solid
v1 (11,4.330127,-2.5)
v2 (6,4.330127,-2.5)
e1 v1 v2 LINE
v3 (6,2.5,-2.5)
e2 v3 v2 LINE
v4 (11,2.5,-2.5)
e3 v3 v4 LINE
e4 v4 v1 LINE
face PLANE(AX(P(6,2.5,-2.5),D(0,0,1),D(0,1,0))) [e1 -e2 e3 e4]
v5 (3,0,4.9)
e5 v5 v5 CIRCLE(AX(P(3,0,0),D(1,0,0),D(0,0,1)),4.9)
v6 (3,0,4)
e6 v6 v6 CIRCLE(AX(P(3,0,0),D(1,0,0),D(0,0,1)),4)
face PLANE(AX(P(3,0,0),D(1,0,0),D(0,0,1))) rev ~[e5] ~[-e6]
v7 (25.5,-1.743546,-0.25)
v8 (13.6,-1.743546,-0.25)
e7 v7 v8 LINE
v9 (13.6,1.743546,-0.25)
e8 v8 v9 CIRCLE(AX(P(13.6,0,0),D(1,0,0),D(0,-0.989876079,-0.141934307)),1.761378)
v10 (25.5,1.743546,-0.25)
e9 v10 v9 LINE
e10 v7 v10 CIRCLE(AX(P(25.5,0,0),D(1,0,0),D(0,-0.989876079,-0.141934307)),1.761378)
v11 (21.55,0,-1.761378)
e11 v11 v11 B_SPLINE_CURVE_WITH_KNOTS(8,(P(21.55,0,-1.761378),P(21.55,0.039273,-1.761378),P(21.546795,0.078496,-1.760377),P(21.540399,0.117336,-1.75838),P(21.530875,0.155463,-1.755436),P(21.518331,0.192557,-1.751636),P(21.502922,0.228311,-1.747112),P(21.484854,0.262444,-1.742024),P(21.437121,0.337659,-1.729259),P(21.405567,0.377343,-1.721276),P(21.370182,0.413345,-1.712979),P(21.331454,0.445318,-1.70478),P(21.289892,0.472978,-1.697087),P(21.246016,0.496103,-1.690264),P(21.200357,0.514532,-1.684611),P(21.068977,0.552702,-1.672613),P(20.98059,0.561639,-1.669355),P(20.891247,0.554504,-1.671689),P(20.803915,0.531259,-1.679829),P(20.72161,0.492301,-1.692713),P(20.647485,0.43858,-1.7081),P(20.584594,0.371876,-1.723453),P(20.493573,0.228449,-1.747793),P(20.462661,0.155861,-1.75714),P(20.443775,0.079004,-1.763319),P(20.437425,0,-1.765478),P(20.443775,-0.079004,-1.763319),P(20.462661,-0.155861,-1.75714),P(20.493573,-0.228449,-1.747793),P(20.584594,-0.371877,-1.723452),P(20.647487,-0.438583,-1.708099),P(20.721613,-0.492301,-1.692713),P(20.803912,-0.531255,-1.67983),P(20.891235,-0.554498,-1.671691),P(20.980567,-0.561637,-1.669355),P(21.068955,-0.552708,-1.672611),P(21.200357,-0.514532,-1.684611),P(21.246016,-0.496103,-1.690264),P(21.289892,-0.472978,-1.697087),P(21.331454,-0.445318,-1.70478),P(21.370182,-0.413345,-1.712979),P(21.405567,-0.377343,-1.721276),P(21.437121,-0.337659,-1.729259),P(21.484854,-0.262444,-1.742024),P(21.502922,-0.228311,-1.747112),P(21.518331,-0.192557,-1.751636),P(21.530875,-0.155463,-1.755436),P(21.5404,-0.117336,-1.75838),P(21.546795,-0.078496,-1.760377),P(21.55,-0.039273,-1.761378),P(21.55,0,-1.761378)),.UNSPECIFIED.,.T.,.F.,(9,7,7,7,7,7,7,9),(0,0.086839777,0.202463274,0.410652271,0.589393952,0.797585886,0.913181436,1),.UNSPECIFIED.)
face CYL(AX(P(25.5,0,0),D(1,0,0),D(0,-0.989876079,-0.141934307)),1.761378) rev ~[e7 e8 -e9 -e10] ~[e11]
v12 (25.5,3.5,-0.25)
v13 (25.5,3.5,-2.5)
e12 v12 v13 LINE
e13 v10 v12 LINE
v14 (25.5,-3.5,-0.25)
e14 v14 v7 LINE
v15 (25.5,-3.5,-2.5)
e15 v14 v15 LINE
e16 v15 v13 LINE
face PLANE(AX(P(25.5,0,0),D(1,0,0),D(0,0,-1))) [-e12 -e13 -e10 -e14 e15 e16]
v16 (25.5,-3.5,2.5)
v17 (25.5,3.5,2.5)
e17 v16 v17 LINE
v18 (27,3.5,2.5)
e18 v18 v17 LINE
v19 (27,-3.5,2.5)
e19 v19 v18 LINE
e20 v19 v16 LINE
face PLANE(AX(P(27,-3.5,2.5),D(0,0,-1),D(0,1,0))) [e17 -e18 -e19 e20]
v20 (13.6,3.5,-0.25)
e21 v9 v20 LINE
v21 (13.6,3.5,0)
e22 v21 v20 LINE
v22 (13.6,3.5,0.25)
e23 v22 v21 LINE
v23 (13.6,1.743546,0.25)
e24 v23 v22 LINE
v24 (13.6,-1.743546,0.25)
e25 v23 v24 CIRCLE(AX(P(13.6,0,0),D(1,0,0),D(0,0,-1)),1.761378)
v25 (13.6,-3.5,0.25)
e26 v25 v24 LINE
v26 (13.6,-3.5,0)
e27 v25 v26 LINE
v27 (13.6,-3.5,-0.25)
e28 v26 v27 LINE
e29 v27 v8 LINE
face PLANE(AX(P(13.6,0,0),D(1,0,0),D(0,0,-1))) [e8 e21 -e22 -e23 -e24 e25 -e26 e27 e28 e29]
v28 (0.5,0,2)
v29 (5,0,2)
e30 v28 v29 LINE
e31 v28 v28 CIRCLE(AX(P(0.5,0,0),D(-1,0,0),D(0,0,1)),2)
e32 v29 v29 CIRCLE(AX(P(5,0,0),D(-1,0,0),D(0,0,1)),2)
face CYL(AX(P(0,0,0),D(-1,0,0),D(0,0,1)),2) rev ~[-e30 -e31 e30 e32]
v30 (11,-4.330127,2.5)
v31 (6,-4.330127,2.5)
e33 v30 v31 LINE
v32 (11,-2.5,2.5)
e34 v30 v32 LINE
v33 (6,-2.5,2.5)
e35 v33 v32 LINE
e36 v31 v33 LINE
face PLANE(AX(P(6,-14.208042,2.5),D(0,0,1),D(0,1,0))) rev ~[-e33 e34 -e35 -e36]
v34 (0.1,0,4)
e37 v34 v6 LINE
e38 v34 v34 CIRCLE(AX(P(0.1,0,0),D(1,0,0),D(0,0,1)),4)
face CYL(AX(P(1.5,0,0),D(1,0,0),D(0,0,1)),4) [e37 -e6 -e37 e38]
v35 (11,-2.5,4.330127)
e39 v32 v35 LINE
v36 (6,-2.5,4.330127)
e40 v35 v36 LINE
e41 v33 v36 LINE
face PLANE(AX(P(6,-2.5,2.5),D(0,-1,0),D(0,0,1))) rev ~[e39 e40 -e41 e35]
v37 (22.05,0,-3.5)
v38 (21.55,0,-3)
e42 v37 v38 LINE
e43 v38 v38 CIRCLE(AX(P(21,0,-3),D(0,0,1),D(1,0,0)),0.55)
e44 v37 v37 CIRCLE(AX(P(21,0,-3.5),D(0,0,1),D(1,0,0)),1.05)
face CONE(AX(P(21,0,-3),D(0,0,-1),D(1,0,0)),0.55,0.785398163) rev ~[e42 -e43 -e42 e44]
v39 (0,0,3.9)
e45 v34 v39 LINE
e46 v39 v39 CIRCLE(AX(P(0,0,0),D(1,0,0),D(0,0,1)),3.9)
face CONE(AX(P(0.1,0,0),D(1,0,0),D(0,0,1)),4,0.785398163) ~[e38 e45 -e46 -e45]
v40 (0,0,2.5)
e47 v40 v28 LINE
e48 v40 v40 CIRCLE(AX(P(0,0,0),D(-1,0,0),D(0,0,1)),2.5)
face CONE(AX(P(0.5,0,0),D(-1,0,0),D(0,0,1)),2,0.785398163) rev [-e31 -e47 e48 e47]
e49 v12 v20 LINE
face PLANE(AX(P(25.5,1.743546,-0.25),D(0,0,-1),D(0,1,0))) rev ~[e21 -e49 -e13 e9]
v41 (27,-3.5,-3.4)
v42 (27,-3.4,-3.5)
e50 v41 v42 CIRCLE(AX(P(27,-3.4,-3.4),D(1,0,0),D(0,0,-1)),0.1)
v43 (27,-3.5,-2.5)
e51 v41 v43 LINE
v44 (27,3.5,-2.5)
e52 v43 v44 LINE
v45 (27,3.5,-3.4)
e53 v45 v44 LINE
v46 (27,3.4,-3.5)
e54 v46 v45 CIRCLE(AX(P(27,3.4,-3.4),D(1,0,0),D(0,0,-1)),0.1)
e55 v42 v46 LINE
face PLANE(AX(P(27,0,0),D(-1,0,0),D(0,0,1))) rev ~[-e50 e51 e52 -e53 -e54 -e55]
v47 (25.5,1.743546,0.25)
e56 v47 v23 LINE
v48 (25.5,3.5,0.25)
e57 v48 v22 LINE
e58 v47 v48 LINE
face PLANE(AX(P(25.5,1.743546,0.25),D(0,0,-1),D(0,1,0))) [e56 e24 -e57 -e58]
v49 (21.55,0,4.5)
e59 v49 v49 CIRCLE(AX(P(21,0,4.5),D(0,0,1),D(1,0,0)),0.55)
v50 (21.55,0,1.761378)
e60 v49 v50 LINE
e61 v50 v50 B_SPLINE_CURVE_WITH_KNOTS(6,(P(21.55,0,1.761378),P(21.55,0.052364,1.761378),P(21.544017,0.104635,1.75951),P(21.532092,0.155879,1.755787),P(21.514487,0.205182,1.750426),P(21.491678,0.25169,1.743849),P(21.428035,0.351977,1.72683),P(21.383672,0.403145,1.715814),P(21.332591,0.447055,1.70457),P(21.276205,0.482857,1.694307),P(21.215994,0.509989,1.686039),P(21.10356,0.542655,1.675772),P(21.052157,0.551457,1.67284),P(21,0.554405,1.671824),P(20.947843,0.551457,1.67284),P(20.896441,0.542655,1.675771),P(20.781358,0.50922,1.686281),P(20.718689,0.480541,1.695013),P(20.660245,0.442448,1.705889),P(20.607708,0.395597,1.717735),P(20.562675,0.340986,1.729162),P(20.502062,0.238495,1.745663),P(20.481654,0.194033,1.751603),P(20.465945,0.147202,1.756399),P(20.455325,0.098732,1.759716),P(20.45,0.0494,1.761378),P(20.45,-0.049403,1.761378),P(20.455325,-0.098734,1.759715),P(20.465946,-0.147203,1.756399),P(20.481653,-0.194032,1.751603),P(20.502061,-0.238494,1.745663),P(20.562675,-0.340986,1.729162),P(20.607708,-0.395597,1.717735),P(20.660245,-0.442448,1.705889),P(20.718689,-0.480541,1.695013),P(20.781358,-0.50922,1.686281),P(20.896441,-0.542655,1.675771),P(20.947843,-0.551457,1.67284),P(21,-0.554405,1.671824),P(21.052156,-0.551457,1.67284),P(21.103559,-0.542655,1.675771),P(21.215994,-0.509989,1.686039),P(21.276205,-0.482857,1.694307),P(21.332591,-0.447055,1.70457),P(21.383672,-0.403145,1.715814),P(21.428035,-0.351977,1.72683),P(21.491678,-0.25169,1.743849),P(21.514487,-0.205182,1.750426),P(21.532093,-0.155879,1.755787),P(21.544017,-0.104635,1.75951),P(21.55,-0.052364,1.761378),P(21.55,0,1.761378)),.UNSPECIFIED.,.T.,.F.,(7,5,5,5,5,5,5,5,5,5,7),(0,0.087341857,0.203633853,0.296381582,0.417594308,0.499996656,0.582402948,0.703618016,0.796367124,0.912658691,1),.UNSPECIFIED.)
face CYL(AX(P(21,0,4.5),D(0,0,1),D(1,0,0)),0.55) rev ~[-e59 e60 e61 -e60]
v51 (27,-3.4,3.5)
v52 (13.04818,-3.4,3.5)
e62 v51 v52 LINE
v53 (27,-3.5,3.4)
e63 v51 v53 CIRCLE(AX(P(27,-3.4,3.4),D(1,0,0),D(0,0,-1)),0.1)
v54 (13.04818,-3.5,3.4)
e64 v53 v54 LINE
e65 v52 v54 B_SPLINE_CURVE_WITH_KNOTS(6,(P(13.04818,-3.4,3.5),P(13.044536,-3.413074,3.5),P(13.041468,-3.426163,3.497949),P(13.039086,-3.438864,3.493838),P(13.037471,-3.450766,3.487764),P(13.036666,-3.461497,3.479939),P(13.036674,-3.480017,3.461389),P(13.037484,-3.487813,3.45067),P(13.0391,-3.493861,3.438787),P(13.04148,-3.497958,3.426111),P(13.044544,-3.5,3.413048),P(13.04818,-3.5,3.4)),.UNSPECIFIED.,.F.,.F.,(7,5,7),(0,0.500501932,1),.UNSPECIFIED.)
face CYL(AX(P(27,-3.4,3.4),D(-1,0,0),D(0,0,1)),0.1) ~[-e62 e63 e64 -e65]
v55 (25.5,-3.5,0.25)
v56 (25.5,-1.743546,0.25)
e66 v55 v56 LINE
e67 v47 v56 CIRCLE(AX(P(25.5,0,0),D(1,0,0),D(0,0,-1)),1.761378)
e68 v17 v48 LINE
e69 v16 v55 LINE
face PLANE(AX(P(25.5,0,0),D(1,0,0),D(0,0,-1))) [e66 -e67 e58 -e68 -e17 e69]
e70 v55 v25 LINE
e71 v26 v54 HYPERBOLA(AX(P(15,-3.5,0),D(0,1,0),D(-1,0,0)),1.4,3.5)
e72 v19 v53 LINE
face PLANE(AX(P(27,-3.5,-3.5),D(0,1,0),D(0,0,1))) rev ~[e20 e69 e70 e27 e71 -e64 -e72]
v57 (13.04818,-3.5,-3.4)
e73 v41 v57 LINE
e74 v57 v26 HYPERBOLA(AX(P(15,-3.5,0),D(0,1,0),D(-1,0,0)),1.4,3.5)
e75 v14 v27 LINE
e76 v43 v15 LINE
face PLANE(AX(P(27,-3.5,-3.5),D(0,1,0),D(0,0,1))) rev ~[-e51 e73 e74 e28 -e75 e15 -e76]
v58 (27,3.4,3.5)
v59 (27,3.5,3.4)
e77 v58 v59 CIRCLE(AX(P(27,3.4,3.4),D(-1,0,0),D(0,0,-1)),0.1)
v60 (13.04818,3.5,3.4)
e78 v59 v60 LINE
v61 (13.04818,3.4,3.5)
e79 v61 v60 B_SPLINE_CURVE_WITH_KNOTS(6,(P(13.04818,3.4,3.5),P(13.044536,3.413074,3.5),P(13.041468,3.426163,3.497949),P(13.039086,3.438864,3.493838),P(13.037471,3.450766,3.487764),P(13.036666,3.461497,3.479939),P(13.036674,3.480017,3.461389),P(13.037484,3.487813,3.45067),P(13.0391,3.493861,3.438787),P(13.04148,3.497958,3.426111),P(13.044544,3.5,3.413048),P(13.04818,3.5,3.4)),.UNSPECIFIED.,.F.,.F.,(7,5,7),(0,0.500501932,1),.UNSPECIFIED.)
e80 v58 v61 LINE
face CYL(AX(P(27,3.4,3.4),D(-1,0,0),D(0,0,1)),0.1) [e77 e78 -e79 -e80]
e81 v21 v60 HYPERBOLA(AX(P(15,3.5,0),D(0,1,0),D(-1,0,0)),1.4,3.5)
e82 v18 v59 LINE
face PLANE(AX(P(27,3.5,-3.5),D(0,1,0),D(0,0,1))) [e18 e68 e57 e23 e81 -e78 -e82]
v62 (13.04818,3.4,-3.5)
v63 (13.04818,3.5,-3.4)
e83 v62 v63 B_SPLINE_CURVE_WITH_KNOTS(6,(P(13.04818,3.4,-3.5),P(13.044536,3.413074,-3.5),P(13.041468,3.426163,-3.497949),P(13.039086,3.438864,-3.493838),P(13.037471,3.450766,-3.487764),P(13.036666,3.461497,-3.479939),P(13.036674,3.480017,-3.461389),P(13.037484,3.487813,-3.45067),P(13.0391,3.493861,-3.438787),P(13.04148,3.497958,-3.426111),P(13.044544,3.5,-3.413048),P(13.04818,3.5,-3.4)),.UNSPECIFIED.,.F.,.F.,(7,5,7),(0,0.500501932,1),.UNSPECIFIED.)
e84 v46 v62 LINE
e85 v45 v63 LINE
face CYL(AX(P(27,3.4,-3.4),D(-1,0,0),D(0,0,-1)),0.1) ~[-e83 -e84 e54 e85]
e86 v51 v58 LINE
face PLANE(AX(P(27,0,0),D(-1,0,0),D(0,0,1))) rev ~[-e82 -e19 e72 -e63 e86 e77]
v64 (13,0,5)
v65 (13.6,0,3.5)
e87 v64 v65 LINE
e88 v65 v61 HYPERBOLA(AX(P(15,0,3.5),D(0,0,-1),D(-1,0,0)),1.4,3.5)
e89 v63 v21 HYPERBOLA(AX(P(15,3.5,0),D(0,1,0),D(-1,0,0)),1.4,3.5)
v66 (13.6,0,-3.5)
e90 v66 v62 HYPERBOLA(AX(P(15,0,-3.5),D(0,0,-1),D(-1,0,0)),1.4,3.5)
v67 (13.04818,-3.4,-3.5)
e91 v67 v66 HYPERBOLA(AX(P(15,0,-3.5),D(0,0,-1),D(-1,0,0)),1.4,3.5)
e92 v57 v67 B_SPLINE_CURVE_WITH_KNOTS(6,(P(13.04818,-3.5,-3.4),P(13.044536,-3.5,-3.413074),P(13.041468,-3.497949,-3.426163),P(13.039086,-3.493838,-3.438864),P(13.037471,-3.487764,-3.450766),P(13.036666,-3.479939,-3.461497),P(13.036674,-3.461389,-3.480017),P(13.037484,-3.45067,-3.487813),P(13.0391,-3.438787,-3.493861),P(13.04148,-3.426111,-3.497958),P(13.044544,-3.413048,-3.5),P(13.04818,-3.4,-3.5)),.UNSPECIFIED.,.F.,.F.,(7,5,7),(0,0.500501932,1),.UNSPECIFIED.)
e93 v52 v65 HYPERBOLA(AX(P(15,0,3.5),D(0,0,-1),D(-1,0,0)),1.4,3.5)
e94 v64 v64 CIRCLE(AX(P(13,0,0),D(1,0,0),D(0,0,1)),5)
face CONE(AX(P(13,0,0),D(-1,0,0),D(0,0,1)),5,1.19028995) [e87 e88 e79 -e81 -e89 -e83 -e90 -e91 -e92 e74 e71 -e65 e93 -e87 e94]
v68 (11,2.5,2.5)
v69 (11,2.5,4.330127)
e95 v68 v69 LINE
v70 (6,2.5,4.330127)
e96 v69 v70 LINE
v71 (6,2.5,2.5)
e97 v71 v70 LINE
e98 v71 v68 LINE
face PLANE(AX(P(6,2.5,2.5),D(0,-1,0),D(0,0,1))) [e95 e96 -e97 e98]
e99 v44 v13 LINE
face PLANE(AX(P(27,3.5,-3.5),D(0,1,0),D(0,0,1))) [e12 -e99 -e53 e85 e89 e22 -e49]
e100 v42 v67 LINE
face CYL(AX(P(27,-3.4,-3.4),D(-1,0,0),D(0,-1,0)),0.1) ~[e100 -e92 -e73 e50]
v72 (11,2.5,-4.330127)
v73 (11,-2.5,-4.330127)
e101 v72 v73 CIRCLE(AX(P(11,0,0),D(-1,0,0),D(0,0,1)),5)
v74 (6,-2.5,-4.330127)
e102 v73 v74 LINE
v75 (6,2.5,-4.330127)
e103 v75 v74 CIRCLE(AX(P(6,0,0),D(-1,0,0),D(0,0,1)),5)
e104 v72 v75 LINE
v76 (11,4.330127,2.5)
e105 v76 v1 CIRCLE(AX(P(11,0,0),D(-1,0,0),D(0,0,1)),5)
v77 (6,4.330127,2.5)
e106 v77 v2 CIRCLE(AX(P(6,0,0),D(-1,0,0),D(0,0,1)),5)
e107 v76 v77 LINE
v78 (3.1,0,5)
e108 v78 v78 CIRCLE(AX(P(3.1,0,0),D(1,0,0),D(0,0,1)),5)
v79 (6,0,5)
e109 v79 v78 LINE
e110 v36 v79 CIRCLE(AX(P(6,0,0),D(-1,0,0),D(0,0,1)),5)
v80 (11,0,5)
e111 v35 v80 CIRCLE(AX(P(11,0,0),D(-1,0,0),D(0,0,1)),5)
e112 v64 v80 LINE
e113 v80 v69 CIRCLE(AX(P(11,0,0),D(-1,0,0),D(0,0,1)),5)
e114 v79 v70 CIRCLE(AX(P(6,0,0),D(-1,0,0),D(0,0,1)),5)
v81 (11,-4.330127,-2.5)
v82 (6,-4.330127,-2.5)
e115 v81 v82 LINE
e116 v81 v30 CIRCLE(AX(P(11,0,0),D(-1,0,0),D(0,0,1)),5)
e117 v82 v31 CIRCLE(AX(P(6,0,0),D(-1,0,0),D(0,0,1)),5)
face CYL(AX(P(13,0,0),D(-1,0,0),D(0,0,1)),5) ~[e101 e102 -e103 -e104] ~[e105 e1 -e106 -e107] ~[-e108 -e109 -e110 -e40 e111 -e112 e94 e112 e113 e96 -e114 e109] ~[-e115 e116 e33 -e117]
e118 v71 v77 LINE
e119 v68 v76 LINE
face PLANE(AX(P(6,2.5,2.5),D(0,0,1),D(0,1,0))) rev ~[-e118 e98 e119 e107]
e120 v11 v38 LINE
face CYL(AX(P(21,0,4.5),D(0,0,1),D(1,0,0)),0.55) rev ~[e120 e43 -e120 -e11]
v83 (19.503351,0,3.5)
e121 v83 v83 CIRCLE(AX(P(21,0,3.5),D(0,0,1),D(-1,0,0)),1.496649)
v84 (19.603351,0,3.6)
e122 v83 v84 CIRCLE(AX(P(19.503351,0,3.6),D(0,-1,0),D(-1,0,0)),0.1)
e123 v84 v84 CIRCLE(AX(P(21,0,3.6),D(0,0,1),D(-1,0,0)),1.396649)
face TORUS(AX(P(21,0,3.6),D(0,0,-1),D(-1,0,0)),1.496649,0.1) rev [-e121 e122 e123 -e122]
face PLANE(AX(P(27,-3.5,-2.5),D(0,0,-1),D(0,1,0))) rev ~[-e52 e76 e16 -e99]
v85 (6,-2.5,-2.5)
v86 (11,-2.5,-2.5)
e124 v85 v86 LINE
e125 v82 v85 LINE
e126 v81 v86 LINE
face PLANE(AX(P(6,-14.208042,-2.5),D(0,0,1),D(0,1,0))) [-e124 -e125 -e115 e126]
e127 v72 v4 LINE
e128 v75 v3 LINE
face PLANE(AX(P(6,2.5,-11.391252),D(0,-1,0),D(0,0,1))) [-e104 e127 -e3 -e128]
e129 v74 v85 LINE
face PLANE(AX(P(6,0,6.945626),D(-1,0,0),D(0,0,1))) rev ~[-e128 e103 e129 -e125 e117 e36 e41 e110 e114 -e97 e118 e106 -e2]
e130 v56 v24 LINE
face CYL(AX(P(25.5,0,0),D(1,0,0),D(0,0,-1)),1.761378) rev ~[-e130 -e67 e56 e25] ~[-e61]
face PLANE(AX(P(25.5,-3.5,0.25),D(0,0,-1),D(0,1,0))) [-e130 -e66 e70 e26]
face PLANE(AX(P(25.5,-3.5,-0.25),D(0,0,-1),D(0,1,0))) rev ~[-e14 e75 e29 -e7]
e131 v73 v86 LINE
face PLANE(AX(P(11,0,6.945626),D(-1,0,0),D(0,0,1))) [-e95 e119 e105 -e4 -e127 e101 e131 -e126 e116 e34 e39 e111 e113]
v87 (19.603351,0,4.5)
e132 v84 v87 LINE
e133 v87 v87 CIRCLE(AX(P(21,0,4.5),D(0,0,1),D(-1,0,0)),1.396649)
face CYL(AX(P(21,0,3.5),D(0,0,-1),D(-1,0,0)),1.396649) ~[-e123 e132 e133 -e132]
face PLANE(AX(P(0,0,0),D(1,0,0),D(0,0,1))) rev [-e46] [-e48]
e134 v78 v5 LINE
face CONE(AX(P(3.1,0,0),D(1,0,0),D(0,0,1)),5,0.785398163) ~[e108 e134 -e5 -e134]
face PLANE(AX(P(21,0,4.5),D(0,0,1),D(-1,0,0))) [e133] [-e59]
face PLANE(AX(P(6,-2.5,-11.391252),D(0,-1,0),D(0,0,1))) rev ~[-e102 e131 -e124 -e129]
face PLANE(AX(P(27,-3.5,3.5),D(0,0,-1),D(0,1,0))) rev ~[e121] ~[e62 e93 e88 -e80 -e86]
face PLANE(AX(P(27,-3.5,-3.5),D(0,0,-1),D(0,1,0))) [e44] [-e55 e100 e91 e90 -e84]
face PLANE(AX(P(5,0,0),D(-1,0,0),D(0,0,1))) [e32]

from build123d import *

# Parameters (mm, degrees)
SKETCH_1_W          = 3
SKETCH_1_H          = 4
SKETCH_2_W          = 8.891252249
SKETCH_2_H          = 5
SKETCH_2_W_2        = 5
SKETCH_2_H_2        = 11.708042321
CUT_EXTRUDE_1_DEPTH = 5
EXTRUDE_1_REACH     = 29.911
SKETCH_3_W          = 7
SKETCH_3_H          = 7
SKETCH_4_W          = 5
SKETCH_4_H          = 7
CUT_EXTRUDE_2_DEPTH = 1.5
SKETCH_5_R          = 1.761378247
SKETCH_5_W          = 0.5
SKETCH_5_H          = 7
CUT_EXTRUDE_3_DEPTH = 11.9
SKETCH_6_R          = 1.396648932
EXTRUDE_2_DEPTH     = 1
SKETCH_7_R          = 0.55
CUT_EXTRUDE_4_DEPTH = 30.055980452
CHAMFER_1_SIZE      = 0.5
FILLET_1_R          = 0.1
CHAMFER_2_SIZE      = 0.1
FILLET_2_R          = 0.1
SKETCH_8_R          = 2
CUT_EXTRUDE_5_DEPTH = 5
CHAMFER_3_SIZE      = 0.5


with BuildPart() as part:
    # 草图1 → 旋转1 (revolve)
    with BuildSketch(Plane.XY, mode=Mode.PRIVATE) as revolve_1_sk:
        with Locations((1.5, 2)):
            Rectangle(SKETCH_1_W, SKETCH_1_H)
        Polygon((3, 0), (13, 0), (13, 5), (3, 5), (3, 4), align=None)
        Polygon((13, 0), (13, 5), (15, 0), align=None)
    revolve(revolve_1_sk.sketch.rotate(Axis((3, 0, 0), (1, 0, 0)), 90), axis=Axis((3, 0, 0), (1, 0, 0)))

    # 草图2 → 切除-拉伸1 (cut)
    with BuildSketch(Plane.ZY.offset(-6)):
        with Locations((6.945626125, 0)):
            Rectangle(SKETCH_2_W, SKETCH_2_H)
        with Locations((0, -8.354021161)):
            Rectangle(SKETCH_2_W_2, SKETCH_2_H_2)
        with Locations((0, 8.354021161)):
            Rectangle(SKETCH_2_W_2, SKETCH_2_H_2)
        with Locations((-6.945626125, 0)):
            Rectangle(SKETCH_2_W, SKETCH_2_H)
        Rectangle(SKETCH_2_W_2, SKETCH_2_H)
    extrude(amount=-CUT_EXTRUDE_1_DEPTH, mode=Mode.SUBTRACT)

    # 凸台-拉伸1: up to this cone (the profile starts outside it)
    extrude_1_end = Plane(origin=(27, 0, 0), z_dir=(-1, 0, 0)).offset(12.000001) * Cone(2.5e-06, 46.0275, 18.410999, align=(Align.CENTER, Align.CENTER, Align.MIN), mode=Mode.PRIVATE)
    # 草图3 → 凸台-拉伸1 (add, up to the surface)
    with BuildSketch(Plane.ZY.offset(-27), mode=Mode.PRIVATE) as extrude_1_sk1:
        Rectangle(SKETCH_3_W, SKETCH_3_H)
    extrude_1_tool1 = extrude(extrude_1_sk1.sketch, amount=EXTRUDE_1_REACH, mode=Mode.PRIVATE) - extrude_1_end
    add(extrude_1_tool1.solids().sort_by_distance((27, 0, 0))[0])

    # 草图4 → 切除-拉伸2 (cut)
    with BuildSketch(Plane(origin=(27, 0, 0), x_dir=(0, 0, -1), z_dir=(1, 0, 0))):
        Rectangle(SKETCH_4_W, SKETCH_4_H)
    extrude(amount=-CUT_EXTRUDE_2_DEPTH, mode=Mode.SUBTRACT)

    # 草图5 → 切除-拉伸3 (cut)
    with BuildSketch(Plane(origin=(25.5, 0, 0), x_dir=(0, 0, -1), z_dir=(1, 0, 0))):
        Circle(SKETCH_5_R)
        Rectangle(SKETCH_5_W, SKETCH_5_H)
    extrude(amount=-CUT_EXTRUDE_3_DEPTH, mode=Mode.SUBTRACT)

    # 草图6 → 凸台-拉伸2 (add)
    with BuildSketch(Plane.XY.offset(3.5)):
        with Locations(Location((21, 0, 0), (0, 0, 180))):
            Circle(SKETCH_6_R)
    extrude(amount=EXTRUDE_2_DEPTH)

    # 草图7 → 切除-拉伸4 (cut, through all)
    with BuildSketch(Plane.XY.offset(4.5)):
        with Locations((21, 0)):
            Circle(SKETCH_7_R)
    extrude(amount=-CUT_EXTRUDE_4_DEPTH, mode=Mode.SUBTRACT)

    # 倒角1
    chamfer_1_edges = [part.edges().sort_by_distance(p)[0] for p in [
        (20.45, 0, -3.5),
    ]]
    chamfer(chamfer_1_edges, length=CHAMFER_1_SIZE)

    # 圆角1
    fillet_1_edges = [part.edges().sort_by_distance(p)[0] for p in [
        (22.396648932, 0, 3.5),
    ]]
    fillet(fillet_1_edges, radius=FILLET_1_R)

    # 倒角2
    chamfer_2_edges = [part.edges().sort_by_distance(p)[0] for p in [
        (0, 0, -4),
        (3, 0, -5),
    ]]
    chamfer(chamfer_2_edges, length=CHAMFER_2_SIZE)

    # 圆角2
    fillet_2_edges = [part.edges().sort_by_distance(p)[0] for p in [
        (20.010050506, -3.5, -3.5),
        (20.010050506, 3.5, -3.5),
        (20.010050506, 3.5, 3.5),
        (20.010050506, -3.5, 3.5),
    ]]
    fillet(fillet_2_edges, radius=FILLET_2_R)

    # 草图8 → 切除-拉伸5 (cut)
    with BuildSketch(Plane.ZY):
        Circle(SKETCH_8_R)
    extrude(amount=-CUT_EXTRUDE_5_DEPTH, mode=Mode.SUBTRACT)

    # 倒角3
    chamfer_3_edges = [part.edges().sort_by_distance(p)[0] for p in [
        (0, 0, -2),
    ]]
    chamfer(chamfer_3_edges, length=CHAMFER_3_SIZE)


solid = part.part
